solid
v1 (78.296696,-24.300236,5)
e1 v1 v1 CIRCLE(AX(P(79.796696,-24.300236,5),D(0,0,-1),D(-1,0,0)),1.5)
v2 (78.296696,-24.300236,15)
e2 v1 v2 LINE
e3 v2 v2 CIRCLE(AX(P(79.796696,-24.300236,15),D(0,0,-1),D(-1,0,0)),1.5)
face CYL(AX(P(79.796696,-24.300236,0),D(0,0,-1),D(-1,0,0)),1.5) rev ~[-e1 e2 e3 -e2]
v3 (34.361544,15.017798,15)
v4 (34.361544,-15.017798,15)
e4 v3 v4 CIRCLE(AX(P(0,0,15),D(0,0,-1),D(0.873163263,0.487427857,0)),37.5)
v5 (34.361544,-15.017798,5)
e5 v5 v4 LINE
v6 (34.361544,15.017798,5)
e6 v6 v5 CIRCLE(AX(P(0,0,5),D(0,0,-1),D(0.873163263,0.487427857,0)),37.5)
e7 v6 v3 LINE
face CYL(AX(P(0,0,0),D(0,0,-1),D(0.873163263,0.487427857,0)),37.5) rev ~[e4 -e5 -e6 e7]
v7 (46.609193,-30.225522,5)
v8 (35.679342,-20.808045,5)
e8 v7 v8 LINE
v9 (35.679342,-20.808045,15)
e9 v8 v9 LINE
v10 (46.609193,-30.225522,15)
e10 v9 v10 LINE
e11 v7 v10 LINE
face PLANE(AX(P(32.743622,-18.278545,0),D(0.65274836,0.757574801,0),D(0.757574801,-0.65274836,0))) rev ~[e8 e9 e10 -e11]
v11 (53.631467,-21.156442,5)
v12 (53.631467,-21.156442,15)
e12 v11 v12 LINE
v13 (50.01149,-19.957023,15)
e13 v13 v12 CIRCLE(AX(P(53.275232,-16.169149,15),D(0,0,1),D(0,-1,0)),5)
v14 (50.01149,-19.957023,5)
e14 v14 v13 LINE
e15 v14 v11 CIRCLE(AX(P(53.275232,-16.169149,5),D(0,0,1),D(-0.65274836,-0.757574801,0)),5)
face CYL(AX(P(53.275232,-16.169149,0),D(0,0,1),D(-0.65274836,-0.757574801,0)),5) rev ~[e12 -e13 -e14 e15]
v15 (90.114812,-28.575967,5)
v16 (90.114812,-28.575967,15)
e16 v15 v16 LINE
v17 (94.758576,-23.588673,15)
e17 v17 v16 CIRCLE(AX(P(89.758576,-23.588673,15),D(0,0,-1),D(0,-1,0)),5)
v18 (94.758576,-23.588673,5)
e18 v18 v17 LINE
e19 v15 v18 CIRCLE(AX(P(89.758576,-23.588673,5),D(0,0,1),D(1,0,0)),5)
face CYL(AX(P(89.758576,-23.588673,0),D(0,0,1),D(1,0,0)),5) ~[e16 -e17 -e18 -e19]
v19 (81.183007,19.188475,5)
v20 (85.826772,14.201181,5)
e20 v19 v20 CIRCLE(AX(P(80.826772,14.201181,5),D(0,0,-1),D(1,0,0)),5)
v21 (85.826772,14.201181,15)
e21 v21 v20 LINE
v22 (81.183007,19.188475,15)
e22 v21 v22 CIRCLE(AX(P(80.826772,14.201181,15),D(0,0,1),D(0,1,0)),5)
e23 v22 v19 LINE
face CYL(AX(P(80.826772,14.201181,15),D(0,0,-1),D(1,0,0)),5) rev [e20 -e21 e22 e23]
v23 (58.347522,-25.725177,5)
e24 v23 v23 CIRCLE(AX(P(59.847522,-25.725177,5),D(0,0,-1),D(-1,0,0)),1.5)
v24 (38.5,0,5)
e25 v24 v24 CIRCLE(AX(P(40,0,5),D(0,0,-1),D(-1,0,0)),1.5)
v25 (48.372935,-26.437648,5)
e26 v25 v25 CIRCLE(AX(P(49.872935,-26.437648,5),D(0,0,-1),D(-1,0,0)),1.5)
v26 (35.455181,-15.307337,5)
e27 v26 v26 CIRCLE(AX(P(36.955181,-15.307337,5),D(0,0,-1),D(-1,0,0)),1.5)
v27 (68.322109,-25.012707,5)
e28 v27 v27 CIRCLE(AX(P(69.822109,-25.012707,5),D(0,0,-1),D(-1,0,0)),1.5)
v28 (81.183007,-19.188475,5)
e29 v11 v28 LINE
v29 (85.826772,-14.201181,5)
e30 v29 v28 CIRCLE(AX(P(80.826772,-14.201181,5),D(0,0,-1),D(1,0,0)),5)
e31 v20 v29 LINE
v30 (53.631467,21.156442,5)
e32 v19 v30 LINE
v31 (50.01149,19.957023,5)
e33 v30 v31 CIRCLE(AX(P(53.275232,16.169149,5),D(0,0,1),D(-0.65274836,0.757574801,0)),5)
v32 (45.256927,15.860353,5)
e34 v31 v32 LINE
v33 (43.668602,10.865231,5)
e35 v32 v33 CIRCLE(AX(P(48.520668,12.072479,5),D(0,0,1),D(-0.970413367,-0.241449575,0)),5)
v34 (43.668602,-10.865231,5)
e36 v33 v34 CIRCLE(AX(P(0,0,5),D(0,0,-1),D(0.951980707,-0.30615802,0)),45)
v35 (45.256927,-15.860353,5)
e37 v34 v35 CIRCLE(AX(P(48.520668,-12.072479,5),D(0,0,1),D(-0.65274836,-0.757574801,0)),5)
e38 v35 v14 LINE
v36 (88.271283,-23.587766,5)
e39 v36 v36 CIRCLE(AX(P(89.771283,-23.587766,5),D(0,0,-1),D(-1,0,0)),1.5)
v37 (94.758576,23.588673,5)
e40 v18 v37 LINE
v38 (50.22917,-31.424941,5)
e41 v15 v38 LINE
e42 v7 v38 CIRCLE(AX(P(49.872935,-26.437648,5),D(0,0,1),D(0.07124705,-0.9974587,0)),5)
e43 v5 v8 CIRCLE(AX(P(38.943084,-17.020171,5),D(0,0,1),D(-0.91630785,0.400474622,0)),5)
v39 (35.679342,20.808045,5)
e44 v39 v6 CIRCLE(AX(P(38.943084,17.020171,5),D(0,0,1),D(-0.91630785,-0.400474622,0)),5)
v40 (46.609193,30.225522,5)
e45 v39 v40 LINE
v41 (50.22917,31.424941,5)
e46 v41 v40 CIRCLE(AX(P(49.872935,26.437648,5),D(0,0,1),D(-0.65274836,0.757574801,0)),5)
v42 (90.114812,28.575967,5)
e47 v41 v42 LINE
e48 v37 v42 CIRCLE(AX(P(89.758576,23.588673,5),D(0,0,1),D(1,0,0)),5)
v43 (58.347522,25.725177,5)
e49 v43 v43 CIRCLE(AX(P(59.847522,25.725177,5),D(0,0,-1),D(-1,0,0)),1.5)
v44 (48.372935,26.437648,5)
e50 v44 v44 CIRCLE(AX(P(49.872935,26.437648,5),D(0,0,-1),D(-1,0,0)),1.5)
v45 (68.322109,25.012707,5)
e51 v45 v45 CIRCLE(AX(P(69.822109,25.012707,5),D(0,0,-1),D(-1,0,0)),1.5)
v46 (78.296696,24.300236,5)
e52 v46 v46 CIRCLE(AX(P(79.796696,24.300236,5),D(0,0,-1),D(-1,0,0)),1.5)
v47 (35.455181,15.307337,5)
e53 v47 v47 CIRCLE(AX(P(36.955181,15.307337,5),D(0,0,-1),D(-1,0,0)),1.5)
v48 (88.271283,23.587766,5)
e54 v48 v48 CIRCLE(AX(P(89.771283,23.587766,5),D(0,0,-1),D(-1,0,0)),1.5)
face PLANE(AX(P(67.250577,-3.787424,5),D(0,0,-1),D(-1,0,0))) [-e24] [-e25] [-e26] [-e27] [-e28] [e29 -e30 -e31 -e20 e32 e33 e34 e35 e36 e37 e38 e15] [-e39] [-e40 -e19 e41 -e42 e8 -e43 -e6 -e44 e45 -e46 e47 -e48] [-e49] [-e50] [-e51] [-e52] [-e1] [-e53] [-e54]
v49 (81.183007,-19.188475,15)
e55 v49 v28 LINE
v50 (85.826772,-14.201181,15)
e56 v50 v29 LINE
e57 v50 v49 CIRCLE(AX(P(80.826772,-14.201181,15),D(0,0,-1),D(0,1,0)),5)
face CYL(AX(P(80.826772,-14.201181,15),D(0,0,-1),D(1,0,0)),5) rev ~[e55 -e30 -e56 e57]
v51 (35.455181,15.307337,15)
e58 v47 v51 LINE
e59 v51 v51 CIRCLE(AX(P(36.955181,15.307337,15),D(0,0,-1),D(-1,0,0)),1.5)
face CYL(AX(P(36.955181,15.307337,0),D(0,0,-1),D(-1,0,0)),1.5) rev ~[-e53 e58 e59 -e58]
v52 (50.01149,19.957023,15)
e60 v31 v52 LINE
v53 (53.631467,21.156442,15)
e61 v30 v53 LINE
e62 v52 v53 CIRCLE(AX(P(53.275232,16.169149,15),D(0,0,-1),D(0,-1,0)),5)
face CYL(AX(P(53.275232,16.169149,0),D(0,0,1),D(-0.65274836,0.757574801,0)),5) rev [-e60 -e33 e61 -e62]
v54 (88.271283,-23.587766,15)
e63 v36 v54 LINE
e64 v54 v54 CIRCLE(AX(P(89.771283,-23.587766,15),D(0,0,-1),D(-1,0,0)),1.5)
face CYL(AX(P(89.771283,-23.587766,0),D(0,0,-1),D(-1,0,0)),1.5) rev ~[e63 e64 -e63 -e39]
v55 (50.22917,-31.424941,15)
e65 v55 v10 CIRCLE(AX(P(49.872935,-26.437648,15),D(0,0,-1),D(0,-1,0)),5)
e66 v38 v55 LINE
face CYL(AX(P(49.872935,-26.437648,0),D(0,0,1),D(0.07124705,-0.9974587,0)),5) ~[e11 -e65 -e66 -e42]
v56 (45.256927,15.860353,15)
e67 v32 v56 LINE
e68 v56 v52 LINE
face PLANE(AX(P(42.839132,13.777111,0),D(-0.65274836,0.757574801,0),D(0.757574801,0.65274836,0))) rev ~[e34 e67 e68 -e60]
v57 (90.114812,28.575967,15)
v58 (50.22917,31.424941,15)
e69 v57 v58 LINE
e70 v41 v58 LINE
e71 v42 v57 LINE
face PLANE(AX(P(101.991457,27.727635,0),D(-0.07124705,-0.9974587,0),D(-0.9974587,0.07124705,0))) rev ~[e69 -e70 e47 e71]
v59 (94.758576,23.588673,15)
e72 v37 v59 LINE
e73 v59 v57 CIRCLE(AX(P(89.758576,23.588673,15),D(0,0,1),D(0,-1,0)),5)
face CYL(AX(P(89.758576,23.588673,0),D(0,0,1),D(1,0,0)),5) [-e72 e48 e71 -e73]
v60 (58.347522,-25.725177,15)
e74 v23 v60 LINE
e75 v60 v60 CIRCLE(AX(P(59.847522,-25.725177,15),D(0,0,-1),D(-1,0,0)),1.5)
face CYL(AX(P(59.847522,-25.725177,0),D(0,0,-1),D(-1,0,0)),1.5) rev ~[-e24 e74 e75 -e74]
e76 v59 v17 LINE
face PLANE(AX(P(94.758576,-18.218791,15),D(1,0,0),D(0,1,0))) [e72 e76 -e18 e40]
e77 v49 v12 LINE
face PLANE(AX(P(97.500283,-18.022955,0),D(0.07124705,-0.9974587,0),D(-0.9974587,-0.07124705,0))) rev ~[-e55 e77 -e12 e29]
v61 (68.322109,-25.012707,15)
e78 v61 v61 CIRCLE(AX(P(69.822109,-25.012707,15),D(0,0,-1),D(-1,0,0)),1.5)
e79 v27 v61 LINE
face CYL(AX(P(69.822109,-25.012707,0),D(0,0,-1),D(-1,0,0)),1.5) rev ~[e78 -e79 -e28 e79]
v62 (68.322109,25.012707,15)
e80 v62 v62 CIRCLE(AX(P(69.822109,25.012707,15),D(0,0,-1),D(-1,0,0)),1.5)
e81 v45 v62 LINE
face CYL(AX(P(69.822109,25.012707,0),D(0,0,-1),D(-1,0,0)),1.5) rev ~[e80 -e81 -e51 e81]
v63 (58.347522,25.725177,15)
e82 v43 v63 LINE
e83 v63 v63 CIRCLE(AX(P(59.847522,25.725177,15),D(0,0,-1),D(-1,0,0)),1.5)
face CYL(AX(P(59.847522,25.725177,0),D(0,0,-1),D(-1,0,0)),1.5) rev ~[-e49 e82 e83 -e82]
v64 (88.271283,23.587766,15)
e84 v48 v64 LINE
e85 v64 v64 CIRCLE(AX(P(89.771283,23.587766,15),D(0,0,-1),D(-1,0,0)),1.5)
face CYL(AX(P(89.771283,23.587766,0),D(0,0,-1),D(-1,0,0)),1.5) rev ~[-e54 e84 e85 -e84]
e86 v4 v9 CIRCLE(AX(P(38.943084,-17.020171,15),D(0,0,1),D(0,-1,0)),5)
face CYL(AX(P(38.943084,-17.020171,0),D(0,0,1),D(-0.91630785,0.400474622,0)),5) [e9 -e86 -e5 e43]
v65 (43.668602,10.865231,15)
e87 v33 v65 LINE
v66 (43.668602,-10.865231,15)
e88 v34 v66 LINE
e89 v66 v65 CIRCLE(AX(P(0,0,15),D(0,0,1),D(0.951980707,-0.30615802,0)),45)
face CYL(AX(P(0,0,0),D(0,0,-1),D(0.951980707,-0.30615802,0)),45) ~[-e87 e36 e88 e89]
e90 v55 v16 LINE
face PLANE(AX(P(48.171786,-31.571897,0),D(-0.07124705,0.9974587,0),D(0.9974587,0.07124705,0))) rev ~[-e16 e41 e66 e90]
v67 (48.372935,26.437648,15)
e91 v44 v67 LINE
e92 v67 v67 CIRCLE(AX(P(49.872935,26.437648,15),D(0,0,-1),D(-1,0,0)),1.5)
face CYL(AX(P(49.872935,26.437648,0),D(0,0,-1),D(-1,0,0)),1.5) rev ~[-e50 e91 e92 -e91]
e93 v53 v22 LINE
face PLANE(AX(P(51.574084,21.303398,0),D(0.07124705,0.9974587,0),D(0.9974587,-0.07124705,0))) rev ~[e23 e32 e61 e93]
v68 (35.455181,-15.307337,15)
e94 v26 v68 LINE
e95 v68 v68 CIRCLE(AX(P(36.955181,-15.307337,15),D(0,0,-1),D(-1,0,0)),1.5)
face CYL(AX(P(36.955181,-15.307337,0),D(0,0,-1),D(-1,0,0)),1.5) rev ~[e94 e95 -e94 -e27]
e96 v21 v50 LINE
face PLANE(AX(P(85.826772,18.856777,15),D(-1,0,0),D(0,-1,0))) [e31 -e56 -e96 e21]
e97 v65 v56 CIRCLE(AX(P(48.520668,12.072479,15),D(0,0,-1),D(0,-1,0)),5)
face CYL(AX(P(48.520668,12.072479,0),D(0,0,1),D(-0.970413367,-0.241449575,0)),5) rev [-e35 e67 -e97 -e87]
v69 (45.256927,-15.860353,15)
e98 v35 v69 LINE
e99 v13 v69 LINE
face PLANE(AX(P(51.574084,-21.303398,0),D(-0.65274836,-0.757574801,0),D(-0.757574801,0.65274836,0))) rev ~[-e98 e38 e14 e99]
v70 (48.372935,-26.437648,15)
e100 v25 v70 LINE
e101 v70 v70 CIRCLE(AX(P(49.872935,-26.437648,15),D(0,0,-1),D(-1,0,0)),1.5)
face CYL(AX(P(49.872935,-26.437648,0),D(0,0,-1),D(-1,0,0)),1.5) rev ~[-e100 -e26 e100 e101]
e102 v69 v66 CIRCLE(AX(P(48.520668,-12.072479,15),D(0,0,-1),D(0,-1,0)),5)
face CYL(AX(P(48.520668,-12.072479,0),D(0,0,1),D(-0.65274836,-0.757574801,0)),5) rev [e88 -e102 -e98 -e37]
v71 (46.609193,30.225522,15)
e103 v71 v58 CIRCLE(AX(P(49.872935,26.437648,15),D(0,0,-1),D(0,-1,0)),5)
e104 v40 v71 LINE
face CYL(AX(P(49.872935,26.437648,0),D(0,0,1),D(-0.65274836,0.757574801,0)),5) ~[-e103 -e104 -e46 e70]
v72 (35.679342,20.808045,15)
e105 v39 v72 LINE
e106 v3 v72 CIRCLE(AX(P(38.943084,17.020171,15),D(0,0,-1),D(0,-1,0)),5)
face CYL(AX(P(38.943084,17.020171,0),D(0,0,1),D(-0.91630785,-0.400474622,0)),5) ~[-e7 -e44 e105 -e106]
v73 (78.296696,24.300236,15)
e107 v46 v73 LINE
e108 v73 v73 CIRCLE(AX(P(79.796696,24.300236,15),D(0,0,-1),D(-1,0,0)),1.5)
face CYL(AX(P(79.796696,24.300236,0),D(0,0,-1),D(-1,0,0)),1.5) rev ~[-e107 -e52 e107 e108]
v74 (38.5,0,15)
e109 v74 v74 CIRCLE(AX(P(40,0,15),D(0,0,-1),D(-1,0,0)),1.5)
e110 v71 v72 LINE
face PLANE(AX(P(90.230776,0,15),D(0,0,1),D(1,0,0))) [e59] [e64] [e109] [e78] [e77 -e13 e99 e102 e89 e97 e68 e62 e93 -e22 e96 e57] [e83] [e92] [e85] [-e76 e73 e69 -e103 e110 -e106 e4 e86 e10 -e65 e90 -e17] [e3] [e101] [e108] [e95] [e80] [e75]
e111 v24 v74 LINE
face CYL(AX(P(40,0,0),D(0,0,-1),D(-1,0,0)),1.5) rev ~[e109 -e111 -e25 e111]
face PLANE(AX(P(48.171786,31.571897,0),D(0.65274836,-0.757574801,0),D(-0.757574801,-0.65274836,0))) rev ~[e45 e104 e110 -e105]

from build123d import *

# Parameters (mm, degrees)
EXTRUDE_1_DEPTH     = 15
FILLET_1_R          = 5
FILLET_2_R          = 5
FILLET_3_R          = 5
FILLET_4_R          = 5
FILLET_5_R          = 5
FILLET_6_R          = 5
FILLET_7_R          = 5
FILLET_8_R          = 5
FILLET_9_R          = 5
FILLET_10_R         = 5
FILLET_11_R         = 5
FILLET_12_R         = 5
FILLET_13_R         = 5
FILLET_14_R         = 5
FILLET_15_R         = 5
FILLET_16_R         = 5
SKETCH_5_R          = 1.5
CUT_EXTRUDE_1_DEPTH = 15
CUT_EXTRUDE_START   = -15
SKETCH_6_R          = 1.5
CUT_EXTRUDE_5_DEPTH = 15
EXTRUDE_2_DEPTH     = 15
FILLET_17_R         = 5
FILLET_18_R         = 5
FILLET_19_R         = 5
FILLET_20_R         = 5
SKETCH_8_W          = 96.520141499
SKETCH_8_H          = 72.316132992
CUT_EXTRUDE_6_DEPTH = 5


with BuildPart() as part:
    # 草图3 → 凸台-拉伸1 (new body)
    with BuildSketch(Plane.XY):
        with BuildLine():
            Line((101.99145665, -27.727634828), (114.18506552, -15.283623844))
            ThreePointArc((114.18506552, -15.283623844), (110, 0), (114.18506552, 15.283623844))
            Line((114.18506552, 15.283623844), (101.99145665, 27.727634828))
            Line((101.99145665, 27.727634828), (48.171786379, 31.57189699))
            Line((48.171786379, 31.57189699), (32.743622368, 18.278544642))
            ThreePointArc((32.743622368, 18.278544642), (37.5, 0), (32.743622368, -18.278544642))
            Line((32.743622368, -18.278544642), (48.171786379, -31.57189699))
            Line((48.171786379, -31.57189699), (101.99145665, -27.727634828))
        make_face()
        with BuildLine():
            ThreePointArc((42.839131819, -13.777110909), (45, 0), (42.839131819, 13.777110909))
            Line((42.839131819, 13.777110909), (51.574083604, 21.303398011))
            Line((51.574083604, 21.303398011), (97.500283316, 18.022955175))
            Line((97.500283316, 18.022955175), (106.212331228, 9.132000819))
            ThreePointArc((106.212331228, 9.132000819), (105, 0), (106.212331228, -9.132000819))
            Line((106.212331228, -9.132000819), (97.500283316, -18.022955175))
            Line((97.500283316, -18.022955175), (51.574083604, -21.303398011))
            Line((51.574083604, -21.303398011), (42.839131819, -13.777110909))
        make_face(mode=Mode.SUBTRACT)
    extrude(amount=EXTRUDE_1_DEPTH)

    # 圆角1
    fillet_1_edges = [part.edges().sort_by_distance(p)[0] for p in [
        (101.99145665, 27.727634828, 7.5),
    ]]
    fillet(fillet_1_edges, radius=FILLET_1_R)

    # 圆角2
    fillet_2_edges = [part.edges().sort_by_distance(p)[0] for p in [
        (114.18506552, 15.283623844, 7.5),
    ]]
    fillet(fillet_2_edges, radius=FILLET_2_R)

    # 圆角3
    fillet_3_edges = [part.edges().sort_by_distance(p)[0] for p in [
        (114.18506552, -15.283623844, 7.5),
    ]]
    fillet(fillet_3_edges, radius=FILLET_3_R)

    # 圆角4
    fillet_4_edges = [part.edges().sort_by_distance(p)[0] for p in [
        (101.99145665, -27.727634828, 7.5),
    ]]
    fillet(fillet_4_edges, radius=FILLET_4_R)

    # 圆角5
    fillet_5_edges = [part.edges().sort_by_distance(p)[0] for p in [
        (48.171786379, -31.57189699, 7.5),
    ]]
    fillet(fillet_5_edges, radius=FILLET_5_R)

    # 圆角6
    fillet_6_edges = [part.edges().sort_by_distance(p)[0] for p in [
        (48.171786379, 31.57189699, 7.5),
    ]]
    fillet(fillet_6_edges, radius=FILLET_6_R)

    # 圆角7
    fillet_7_edges = [part.edges().sort_by_distance(p)[0] for p in [
        (32.743622368, -18.278544642, 7.5),
    ]]
    fillet(fillet_7_edges, radius=FILLET_7_R)

    # 圆角8
    fillet_8_edges = [part.edges().sort_by_distance(p)[0] for p in [
        (32.743622368, 18.278544642, 7.5),
    ]]
    fillet(fillet_8_edges, radius=FILLET_8_R)

    # 圆角9
    fillet_9_edges = [part.edges().sort_by_distance(p)[0] for p in [
        (97.500283316, -18.022955175, 7.5),
    ]]
    fillet(fillet_9_edges, radius=FILLET_9_R)

    # 圆角10
    fillet_10_edges = [part.edges().sort_by_distance(p)[0] for p in [
        (106.212331228, -9.132000819, 7.5),
    ]]
    fillet(fillet_10_edges, radius=FILLET_10_R)

    # 圆角11
    fillet_11_edges = [part.edges().sort_by_distance(p)[0] for p in [
        (106.212331228, 9.132000819, 7.5),
    ]]
    fillet(fillet_11_edges, radius=FILLET_11_R)

    # 圆角12
    fillet_12_edges = [part.edges().sort_by_distance(p)[0] for p in [
        (97.500283316, 18.022955175, 7.5),
    ]]
    fillet(fillet_12_edges, radius=FILLET_12_R)

    # 圆角13
    fillet_13_edges = [part.edges().sort_by_distance(p)[0] for p in [
        (51.574083604, -21.303398011, 7.5),
    ]]
    fillet(fillet_13_edges, radius=FILLET_13_R)

    # 圆角14
    fillet_14_edges = [part.edges().sort_by_distance(p)[0] for p in [
        (42.839131819, -13.777110909, 7.5),
    ]]
    fillet(fillet_14_edges, radius=FILLET_14_R)

    # 圆角15
    fillet_15_edges = [part.edges().sort_by_distance(p)[0] for p in [
        (42.839131819, 13.777110909, 7.5),
    ]]
    fillet(fillet_15_edges, radius=FILLET_15_R)

    # 圆角16
    fillet_16_edges = [part.edges().sort_by_distance(p)[0] for p in [
        (51.574083604, 21.303398011, 7.5),
    ]]
    fillet(fillet_16_edges, radius=FILLET_16_R)

    # 草图5 → 切除-拉伸1 (cut)
    with BuildSketch(Plane(origin=(0, 0, 0), x_dir=(-1, 0, 0), z_dir=(0, 0, -1))):
        with Locations((-36.9551813, 15.307337295)):
            Circle(SKETCH_5_R)
        with Locations((-40, 0)):
            Circle(SKETCH_5_R)
        with Locations((-36.9551813, -15.307337295)):
            Circle(SKETCH_5_R)
        with Locations((-49.872934992, -26.437647501)):
            Circle(SKETCH_5_R)
        with Locations((-49.872934992, 26.437647501)):
            Circle(SKETCH_5_R)
        with Locations((-99.745869983, 22.875295001)):
            Circle(SKETCH_5_R)
        with Locations((-99.745869983, -22.875295001)):
            Circle(SKETCH_5_R)
        with Locations((-109.973915193, 12.437211552)):
            Circle(SKETCH_5_R)
        with Locations((-107.5, 0)):
            Circle(SKETCH_5_R)
        with Locations((-109.973915193, -12.437211552)):
            Circle(SKETCH_5_R)
        with Locations((-59.84752199, 25.725177001)):
            Circle(SKETCH_5_R)
        with Locations((-69.822108988, 25.012706501)):
            Circle(SKETCH_5_R)
        with Locations((-79.796695986, 24.300236001)):
            Circle(SKETCH_5_R)
        with Locations((-89.771282985, 23.587765501)):
            Circle(SKETCH_5_R)
        with Locations((-89.771282985, -23.587765501)):
            Circle(SKETCH_5_R)
        with Locations((-79.796695986, -24.300236001)):
            Circle(SKETCH_5_R)
        with Locations((-69.822108988, -25.012706501)):
            Circle(SKETCH_5_R)
        with Locations((-59.84752199, -25.725177001)):
            Circle(SKETCH_5_R)
    extrude(amount=-CUT_EXTRUDE_1_DEPTH, mode=Mode.SUBTRACT)

    # 草图6 → 切除-拉伸5 (cut)
    # profile 1 of 5: a face of its own
    with BuildSketch(Plane.XY.offset(15).offset(CUT_EXTRUDE_START)):
        with BuildLine():
            ThreePointArc((103.31715251, 26.374715112), (101.845820167, 27.412938577), (100.102105233, 27.8625885))
            Line((100.102105233, 27.8625885), (100.102105233, 24.332379915))
            ThreePointArc((100.102105233, 24.332379915), (100.925775249, 23.801482651), (101.245869983, 22.875295001))
            ThreePointArc((101.245869983, 22.875295001), (100.925775249, 21.949107351), (100.102105233, 21.418210087))
            Line((100.102105233, 21.418210087), (100.102105233, 15.367703489))
            Line((100.102105233, 15.367703489), (104.297377986, 11.086278624))
            ThreePointArc((104.297377986, 11.086278624), (105.514152308, 9.027175008), (105.635333526, 6.638501199))
            ThreePointArc((105.635333526, 6.638501199), (105, 0), (105.635333526, -6.638501199))
            ThreePointArc((105.635333526, -6.638501199), (105.514152308, -9.027175008), (104.297377986, -11.086278624))
            Line((104.297377986, -11.086278624), (100.102105233, -15.367703489))
            Line((100.102105233, -15.367703489), (100.102105233, -21.418210087))
            ThreePointArc((100.102105233, -21.418210087), (100.925775249, -21.949107351), (101.245869983, -22.875295001))
            ThreePointArc((101.245869983, -22.875295001), (100.925775249, -23.801482651), (100.102105233, -24.332379915))
            Line((100.102105233, -24.332379915), (100.102105233, -27.8625885))
            ThreePointArc((100.102105233, -27.8625885), (101.845820167, -27.412938577), (103.31715251, -26.374715112))
            Line((103.31715251, -26.374715112), (111.655402821, -17.865234485))
            ThreePointArc((111.655402821, -17.865234485), (113.00675492, -15.241981218), (112.643531681, -12.313555178))
            ThreePointArc((112.643531681, -12.313555178), (110, 0), (112.643531681, 12.313555178))
            ThreePointArc((112.643531681, 12.313555178), (113.00675492, 15.241981218), (111.655402821, 17.865234485))
            Line((111.655402821, 17.865234485), (103.31715251, 26.374715112))
        make_face()
        with Locations((109.973915193, -12.437211552)):
            Circle(SKETCH_6_R, mode=Mode.SUBTRACT)
        with Locations((107.5, 0)):
            Circle(SKETCH_6_R, mode=Mode.SUBTRACT)
        with Locations((109.973915193, 12.437211552)):
            Circle(SKETCH_6_R, mode=Mode.SUBTRACT)
    # profile 2 of 5: a face of its own
    with BuildSketch(Plane.XY.offset(15).offset(CUT_EXTRUDE_START)):
        with BuildLine():
            Line((100.102105233, -21.418210087), (100.102105233, -15.367703489))
            Line((100.102105233, -15.367703489), (98.825979176, -16.670035459))
            ThreePointArc((98.825979176, -16.670035459), (97.354646834, -17.708258924), (95.610931899, -18.157908847))
            Line((95.610931899, -18.157908847), (94.758576484, -18.218791377))
            Line((94.758576484, -18.218791377), (94.758576484, -23.231530251))
            Line((94.758576484, -23.231530251), (98.249681933, -22.982165576))
            ThreePointArc((98.249681933, -22.982165576), (98.778211836, -21.729154647), (100.102105233, -21.418210087))
        make_face()
    # profile 3 of 5: a face of its own
    with BuildSketch(Plane.XY.offset(15).offset(CUT_EXTRUDE_START)):
        with BuildLine():
            Line((94.758576484, -28.244269125), (100.102105233, -27.8625885))
            Line((100.102105233, -27.8625885), (100.102105233, -24.332379915))
            ThreePointArc((100.102105233, -24.332379915), (98.862330065, -24.087465457), (98.249681933, -22.982165576))
            Line((98.249681933, -22.982165576), (94.758576484, -23.231530251))
            Line((94.758576484, -23.231530251), (94.758576484, -28.244269125))
        make_face()
    # profile 4 of 5: a face of its own
    with BuildSketch(Plane.XY.offset(15).offset(CUT_EXTRUDE_START)):
        with BuildLine():
            Line((100.102105233, 15.367703489), (100.102105233, 21.418210087))
            ThreePointArc((100.102105233, 21.418210087), (98.778211836, 21.729154647), (98.249681933, 22.982165576))
            Line((98.249681933, 22.982165576), (94.758576484, 23.231530251))
            Line((94.758576484, 23.231530251), (94.758576484, 18.218791377))
            Line((94.758576484, 18.218791377), (95.610931899, 18.157908847))
            ThreePointArc((95.610931899, 18.157908847), (97.354646834, 17.708258924), (98.825979176, 16.670035459))
            Line((98.825979176, 16.670035459), (100.102105233, 15.367703489))
        make_face()
    # profile 5 of 5: a face of its own
    with BuildSketch(Plane.XY.offset(15).offset(CUT_EXTRUDE_START)):
        with BuildLine():
            Line((100.102105233, 24.332379915), (100.102105233, 27.8625885))
            Line((100.102105233, 27.8625885), (94.758576484, 28.244269125))
            Line((94.758576484, 28.244269125), (94.758576484, 23.231530251))
            Line((94.758576484, 23.231530251), (98.249681933, 22.982165576))
            ThreePointArc((98.249681933, 22.982165576), (98.862330065, 24.087465457), (100.102105233, 24.332379915))
        make_face()
    extrude(amount=CUT_EXTRUDE_5_DEPTH, mode=Mode.SUBTRACT)

    # 草图7 → 凸台-拉伸2 (add)
    with BuildSketch(Plane.XY.offset(15)):
        Polygon((94.758576484, -18.218791377), (94.758576484, 18.218791377), (85.826771952, 18.856777415), (85.826771952, -18.856777415), align=None)
    extrude(amount=-EXTRUDE_2_DEPTH)

    # 圆角17
    fillet_17_edges = [part.edges().sort_by_distance(p)[0] for p in [
        (94.758576484, 28.244269125, 7.5),
    ]]
    fillet(fillet_17_edges, radius=FILLET_17_R)

    # 圆角18
    fillet_18_edges = [part.edges().sort_by_distance(p)[0] for p in [
        (94.758576484, -28.244269125, 7.5),
    ]]
    fillet(fillet_18_edges, radius=FILLET_18_R)

    # 圆角19
    fillet_19_edges = [part.edges().sort_by_distance(p)[0] for p in [
        (85.826771952, 18.856777415, 7.5),
    ]]
    fillet(fillet_19_edges, radius=FILLET_19_R)

    # 圆角20
    fillet_20_edges = [part.edges().sort_by_distance(p)[0] for p in [
        (85.826771952, -18.856777415, 7.5),
    ]]
    fillet(fillet_20_edges, radius=FILLET_20_R)

    # 草图8 → 切除-拉伸6 (cut)
    with BuildSketch(Plane(origin=(0, 0, 0), x_dir=(-1, 0, 0), z_dir=(0, 0, -1))):
        with Locations((-67.250576804, -3.787424314)):
            Rectangle(SKETCH_8_W, SKETCH_8_H)
    extrude(amount=-CUT_EXTRUDE_6_DEPTH, mode=Mode.SUBTRACT)


solid = part.part
